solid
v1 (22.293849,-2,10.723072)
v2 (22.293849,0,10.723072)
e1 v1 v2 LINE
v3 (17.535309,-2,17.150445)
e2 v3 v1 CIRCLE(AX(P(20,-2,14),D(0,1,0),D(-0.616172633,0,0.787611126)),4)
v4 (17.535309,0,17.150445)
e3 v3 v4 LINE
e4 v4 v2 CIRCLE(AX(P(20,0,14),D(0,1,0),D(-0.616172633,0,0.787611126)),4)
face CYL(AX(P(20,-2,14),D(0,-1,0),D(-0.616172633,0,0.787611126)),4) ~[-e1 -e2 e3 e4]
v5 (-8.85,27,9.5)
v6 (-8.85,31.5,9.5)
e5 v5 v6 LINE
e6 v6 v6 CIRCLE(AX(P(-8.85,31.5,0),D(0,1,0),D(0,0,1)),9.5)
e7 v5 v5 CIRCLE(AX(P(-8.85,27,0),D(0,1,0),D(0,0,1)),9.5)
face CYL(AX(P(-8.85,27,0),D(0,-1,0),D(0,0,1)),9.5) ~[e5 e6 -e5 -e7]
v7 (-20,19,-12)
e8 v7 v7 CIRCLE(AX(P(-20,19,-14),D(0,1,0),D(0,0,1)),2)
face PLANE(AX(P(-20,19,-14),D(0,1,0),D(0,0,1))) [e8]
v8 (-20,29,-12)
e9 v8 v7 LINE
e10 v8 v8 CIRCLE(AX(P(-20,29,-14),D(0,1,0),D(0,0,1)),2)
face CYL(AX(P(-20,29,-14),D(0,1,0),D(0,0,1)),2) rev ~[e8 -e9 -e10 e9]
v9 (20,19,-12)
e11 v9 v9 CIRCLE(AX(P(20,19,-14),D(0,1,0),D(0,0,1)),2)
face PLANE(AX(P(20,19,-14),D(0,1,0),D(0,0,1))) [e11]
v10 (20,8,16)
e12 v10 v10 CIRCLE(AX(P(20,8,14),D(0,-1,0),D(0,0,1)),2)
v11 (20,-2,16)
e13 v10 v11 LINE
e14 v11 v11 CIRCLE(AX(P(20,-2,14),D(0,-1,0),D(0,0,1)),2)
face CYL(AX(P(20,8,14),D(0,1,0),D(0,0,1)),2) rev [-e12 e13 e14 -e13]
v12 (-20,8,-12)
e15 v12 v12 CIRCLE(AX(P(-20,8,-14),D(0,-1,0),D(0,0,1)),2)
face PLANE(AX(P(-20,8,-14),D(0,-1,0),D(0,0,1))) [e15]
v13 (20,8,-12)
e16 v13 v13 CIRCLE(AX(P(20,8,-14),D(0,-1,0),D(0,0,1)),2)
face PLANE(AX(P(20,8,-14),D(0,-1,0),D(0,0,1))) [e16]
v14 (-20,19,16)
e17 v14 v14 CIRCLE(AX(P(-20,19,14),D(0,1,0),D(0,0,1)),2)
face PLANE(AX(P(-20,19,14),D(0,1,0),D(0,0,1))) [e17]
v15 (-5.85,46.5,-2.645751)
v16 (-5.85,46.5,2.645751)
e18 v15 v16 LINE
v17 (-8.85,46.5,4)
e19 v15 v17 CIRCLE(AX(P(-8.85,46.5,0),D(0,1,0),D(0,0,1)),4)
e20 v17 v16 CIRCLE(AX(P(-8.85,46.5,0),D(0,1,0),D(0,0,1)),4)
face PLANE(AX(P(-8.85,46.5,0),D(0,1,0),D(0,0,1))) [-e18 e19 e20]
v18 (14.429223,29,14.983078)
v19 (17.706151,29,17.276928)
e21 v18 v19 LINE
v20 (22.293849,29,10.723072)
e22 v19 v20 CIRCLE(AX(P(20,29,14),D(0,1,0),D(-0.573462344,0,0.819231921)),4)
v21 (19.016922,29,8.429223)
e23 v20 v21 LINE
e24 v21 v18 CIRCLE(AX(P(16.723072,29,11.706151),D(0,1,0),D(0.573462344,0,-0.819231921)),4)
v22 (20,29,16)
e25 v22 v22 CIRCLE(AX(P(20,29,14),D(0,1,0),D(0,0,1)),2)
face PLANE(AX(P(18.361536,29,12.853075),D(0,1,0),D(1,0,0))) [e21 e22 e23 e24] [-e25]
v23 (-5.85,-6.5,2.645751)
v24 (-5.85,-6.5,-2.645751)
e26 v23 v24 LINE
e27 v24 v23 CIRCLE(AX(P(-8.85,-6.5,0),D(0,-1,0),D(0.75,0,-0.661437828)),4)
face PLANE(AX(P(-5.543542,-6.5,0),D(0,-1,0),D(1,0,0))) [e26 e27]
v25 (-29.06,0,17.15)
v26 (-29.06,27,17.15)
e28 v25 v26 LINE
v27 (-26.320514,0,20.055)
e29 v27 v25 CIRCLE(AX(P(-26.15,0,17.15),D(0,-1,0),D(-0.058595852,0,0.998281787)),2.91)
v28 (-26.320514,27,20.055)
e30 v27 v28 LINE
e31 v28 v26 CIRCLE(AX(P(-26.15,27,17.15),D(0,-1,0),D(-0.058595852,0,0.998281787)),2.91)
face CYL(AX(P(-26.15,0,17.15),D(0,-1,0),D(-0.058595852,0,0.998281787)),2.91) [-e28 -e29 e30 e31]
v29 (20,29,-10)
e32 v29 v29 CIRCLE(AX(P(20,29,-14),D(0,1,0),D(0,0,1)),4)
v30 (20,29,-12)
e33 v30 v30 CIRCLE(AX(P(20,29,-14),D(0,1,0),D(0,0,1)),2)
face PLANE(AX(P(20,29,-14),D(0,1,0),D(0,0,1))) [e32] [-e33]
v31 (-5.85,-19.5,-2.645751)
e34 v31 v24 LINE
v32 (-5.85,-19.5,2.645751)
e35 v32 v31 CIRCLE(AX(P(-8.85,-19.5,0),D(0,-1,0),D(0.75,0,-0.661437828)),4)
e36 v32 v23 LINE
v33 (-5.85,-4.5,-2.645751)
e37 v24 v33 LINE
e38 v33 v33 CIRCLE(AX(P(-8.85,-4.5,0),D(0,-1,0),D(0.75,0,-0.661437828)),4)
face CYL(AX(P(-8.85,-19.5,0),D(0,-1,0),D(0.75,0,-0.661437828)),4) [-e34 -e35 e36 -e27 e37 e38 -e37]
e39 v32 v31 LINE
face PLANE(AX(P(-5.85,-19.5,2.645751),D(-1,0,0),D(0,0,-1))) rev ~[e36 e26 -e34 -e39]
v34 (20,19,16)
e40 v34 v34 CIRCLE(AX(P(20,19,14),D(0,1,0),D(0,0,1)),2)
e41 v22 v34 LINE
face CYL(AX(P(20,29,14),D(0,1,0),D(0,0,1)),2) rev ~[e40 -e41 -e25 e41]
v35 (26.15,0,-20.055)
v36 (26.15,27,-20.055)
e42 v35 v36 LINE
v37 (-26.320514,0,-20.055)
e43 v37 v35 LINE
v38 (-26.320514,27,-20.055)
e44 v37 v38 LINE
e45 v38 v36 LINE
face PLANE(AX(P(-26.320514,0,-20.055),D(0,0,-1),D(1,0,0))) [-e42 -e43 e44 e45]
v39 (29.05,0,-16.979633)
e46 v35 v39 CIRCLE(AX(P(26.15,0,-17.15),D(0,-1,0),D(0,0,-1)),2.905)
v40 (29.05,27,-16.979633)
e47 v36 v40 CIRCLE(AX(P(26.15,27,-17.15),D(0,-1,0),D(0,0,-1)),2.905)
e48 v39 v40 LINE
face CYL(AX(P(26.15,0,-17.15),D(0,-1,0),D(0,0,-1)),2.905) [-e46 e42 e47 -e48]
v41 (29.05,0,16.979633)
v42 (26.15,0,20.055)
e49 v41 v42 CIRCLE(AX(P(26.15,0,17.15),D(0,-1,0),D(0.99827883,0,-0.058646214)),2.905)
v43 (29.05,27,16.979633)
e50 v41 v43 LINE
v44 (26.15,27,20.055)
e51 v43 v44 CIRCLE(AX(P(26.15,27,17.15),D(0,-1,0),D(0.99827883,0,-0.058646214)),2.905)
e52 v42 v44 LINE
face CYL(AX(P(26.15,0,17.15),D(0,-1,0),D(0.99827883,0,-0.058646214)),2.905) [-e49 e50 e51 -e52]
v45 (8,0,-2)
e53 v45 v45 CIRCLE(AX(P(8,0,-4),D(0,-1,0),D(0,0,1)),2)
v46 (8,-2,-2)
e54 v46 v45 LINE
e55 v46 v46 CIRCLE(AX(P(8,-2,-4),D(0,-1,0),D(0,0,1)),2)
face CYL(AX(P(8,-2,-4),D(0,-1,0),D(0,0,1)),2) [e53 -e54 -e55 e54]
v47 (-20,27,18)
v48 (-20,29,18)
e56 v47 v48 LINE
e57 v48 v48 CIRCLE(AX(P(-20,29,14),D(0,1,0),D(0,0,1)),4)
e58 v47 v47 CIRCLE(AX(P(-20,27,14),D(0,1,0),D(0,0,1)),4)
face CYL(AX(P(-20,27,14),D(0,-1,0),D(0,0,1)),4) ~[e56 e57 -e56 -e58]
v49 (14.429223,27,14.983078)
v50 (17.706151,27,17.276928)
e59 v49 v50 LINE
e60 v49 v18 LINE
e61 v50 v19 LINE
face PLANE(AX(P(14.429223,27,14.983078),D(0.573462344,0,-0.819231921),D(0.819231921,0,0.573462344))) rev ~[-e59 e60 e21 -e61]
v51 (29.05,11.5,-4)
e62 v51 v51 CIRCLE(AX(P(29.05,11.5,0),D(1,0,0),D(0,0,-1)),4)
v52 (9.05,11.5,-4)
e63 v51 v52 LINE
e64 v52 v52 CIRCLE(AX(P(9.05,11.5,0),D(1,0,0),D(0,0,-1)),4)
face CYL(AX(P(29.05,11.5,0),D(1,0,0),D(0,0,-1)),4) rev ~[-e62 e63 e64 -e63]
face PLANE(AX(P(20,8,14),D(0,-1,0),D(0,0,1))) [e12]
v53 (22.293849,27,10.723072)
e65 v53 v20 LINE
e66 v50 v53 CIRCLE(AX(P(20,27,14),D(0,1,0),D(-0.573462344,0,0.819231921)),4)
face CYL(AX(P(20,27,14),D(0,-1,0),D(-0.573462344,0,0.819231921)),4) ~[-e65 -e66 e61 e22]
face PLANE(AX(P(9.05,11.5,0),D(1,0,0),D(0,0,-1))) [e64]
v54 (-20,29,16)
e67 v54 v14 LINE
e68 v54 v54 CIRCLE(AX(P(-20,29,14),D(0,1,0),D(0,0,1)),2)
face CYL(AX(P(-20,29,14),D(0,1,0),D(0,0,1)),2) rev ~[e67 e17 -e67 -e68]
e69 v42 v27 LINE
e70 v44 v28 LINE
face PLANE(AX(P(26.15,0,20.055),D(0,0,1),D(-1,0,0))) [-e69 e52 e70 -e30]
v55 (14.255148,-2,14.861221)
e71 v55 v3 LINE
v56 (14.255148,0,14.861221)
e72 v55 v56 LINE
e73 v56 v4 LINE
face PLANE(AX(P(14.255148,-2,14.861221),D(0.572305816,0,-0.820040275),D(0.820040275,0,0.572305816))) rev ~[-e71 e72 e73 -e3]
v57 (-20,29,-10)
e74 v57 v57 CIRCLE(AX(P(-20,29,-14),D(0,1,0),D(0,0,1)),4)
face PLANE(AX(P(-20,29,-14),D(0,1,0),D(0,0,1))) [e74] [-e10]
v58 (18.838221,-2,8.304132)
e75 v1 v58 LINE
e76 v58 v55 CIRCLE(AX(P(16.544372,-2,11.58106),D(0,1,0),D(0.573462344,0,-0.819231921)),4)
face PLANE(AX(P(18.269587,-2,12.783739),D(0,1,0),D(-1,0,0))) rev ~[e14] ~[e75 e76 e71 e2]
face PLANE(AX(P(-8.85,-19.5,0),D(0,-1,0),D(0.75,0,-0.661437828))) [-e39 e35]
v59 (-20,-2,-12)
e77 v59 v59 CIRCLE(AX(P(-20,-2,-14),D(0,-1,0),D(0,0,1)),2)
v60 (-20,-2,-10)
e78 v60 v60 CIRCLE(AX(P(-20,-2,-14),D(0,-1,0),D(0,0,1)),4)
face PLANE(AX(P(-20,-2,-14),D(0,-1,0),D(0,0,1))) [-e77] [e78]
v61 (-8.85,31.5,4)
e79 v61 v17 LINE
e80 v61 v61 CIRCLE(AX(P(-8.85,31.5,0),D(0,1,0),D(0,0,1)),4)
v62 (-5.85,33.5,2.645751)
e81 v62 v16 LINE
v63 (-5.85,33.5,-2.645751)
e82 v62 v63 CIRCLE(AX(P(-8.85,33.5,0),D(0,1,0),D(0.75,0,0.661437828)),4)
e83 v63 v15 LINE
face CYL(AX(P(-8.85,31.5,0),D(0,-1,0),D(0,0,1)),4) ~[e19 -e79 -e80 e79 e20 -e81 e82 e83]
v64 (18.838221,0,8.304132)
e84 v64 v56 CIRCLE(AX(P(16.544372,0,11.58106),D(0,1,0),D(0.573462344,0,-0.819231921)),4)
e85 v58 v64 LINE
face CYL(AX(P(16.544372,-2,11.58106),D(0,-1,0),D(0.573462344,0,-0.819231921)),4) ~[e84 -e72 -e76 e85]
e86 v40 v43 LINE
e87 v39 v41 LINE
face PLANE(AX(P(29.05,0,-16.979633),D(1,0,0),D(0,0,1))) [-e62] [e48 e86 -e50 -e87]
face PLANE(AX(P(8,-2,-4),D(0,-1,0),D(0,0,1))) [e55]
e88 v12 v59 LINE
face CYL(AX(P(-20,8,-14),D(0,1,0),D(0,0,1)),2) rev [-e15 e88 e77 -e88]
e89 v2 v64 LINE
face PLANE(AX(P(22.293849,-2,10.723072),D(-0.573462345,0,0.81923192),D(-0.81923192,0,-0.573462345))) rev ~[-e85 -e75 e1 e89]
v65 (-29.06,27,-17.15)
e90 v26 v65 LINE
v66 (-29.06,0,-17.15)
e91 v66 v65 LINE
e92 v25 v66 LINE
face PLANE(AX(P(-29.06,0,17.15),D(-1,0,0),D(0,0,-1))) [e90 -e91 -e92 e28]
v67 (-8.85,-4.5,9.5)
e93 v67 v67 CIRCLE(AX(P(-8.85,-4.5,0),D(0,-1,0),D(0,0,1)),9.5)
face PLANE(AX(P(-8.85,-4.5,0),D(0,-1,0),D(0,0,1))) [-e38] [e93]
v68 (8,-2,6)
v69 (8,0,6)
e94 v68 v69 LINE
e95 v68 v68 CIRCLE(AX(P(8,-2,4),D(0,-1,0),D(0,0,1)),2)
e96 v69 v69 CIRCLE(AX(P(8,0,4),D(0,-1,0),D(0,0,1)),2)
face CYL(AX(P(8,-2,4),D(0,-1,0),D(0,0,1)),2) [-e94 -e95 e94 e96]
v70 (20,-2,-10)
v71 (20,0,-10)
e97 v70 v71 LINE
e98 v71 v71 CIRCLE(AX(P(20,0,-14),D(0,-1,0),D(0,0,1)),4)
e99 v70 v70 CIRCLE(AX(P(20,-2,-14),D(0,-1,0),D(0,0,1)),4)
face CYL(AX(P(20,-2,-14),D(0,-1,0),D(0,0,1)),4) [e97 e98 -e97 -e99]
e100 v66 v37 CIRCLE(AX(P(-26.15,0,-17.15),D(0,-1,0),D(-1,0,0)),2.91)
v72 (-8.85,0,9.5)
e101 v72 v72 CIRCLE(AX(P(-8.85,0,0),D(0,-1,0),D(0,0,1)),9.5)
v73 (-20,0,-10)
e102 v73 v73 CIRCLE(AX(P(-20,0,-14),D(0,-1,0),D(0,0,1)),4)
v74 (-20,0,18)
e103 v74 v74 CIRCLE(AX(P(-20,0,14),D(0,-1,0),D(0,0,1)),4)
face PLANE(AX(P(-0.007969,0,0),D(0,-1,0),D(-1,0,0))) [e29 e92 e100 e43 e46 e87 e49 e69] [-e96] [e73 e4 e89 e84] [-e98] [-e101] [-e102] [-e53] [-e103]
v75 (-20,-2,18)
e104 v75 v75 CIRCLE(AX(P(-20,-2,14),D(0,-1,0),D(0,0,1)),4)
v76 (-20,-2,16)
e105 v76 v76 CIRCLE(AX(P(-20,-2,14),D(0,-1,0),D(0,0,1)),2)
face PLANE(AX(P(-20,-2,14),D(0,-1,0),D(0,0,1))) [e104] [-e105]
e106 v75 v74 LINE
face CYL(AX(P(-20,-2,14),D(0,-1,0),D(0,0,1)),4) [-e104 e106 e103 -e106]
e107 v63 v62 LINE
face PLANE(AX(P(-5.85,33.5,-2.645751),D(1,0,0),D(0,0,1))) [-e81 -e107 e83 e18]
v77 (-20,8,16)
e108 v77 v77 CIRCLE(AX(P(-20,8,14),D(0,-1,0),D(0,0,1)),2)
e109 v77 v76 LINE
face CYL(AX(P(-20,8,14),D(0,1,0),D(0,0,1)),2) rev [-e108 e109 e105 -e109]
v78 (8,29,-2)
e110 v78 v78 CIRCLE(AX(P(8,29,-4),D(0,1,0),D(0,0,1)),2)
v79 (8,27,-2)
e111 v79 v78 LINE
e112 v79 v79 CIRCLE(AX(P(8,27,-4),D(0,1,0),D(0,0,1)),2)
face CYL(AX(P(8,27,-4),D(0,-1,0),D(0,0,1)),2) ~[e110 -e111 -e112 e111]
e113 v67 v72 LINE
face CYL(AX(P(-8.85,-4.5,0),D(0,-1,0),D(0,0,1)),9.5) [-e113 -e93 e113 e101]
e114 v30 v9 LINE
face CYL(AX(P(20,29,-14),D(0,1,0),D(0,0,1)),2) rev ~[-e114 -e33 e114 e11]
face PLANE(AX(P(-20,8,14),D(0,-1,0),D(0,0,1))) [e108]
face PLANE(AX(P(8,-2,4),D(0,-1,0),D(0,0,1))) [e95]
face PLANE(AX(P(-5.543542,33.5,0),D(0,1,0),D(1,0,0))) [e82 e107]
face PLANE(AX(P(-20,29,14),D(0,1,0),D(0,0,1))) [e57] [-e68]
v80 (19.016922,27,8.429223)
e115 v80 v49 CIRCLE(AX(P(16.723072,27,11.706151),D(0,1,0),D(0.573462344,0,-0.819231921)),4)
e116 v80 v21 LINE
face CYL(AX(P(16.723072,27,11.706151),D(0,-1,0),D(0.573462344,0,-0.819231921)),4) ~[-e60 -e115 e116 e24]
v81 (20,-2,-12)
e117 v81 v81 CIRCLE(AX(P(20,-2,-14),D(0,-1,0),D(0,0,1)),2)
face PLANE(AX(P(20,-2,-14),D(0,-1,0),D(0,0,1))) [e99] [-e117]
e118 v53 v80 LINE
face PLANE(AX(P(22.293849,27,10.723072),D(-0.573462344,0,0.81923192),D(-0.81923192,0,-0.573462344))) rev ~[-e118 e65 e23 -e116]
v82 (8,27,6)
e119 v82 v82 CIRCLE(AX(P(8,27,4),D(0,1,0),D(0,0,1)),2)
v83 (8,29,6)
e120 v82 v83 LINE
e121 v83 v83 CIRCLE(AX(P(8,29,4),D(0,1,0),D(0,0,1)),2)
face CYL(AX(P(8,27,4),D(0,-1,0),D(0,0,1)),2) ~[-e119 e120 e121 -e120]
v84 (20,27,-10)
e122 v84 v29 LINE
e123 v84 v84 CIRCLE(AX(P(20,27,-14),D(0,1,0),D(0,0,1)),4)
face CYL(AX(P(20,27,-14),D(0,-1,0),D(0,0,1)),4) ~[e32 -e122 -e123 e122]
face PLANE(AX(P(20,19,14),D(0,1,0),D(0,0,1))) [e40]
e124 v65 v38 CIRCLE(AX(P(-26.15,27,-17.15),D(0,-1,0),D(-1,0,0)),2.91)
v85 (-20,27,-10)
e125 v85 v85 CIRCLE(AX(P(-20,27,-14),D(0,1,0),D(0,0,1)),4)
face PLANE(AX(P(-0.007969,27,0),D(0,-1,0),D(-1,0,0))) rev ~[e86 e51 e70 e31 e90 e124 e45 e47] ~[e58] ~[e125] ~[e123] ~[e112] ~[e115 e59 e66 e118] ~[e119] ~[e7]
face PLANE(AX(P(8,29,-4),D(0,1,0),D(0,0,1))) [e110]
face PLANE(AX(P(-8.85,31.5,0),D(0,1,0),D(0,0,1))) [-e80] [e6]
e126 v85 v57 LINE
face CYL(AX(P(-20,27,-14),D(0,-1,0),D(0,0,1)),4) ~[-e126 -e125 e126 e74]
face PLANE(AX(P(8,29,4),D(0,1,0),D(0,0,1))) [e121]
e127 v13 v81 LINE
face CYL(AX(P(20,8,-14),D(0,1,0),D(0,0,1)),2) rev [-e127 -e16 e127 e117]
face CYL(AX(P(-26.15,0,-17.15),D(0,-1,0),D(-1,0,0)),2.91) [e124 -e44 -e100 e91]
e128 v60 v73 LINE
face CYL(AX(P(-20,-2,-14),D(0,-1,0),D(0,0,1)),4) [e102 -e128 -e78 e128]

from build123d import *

# Parameters (mm, degrees)
SALIENTE_EXTRUIR1_DEPTH = 27
CROQUIS3_R              = 4
CROQUIS3_R_2            = 2
SALIENTE_EXTRUIR2_DEPTH = 2
CROQUIS6_R              = 2
CORTAR_EXTRUIR2_DEPTH   = 10
SALIENTE_EXTRUIR4_START = 2
CROQUIS9_R              = 4
CROQUIS9_R_2            = 2
SALIENTE_EXTRUIR4_DEPTH = 2
CORTAR_EXTRUIR3_START   = -10
CROQUIS10_R             = 2
CORTAR_EXTRUIR3_DEPTH   = 10
CROQUIS11_R             = 9.5
SALIENTE_EXTRUIR5_DEPTH = 4.5
SALIENTE_EXTRUIR6_START = 4.5
CROQUIS12_R             = 9.5
SALIENTE_EXTRUIR6_DEPTH = 4.5
CROQUIS13_R             = 4
SALIENTE_EXTRUIR7_DEPTH = 15
CORTAR_EXTRUIR6_START   = -13
CORTAR_EXTRUIR6_DEPTH   = 13
SALIENTE_EXTRUIR8_START = 15
CROQUIS16_R             = 4
SALIENTE_EXTRUIR8_DEPTH = 15
CORTAR_EXTRUIR7_DEPTH   = 13
CROQUIS18_R             = 4
CORTAR_EXTRUIR8_DEPTH   = 20


with BuildPart() as part:
    # Croquis2 → Saliente-Extruir1 (new body)
    with BuildSketch(Plane(origin=(0, 0, 0), x_dir=(1, 0, 0), z_dir=(0, 1, 0))):
        with BuildLine():
            Line((-26.320513929, 20.055), (26.15, 20.055))
            ThreePointArc((26.15, 20.055), (28.26352098, 19.143001272), (29.05, 16.97963275))
            Line((29.05, 16.97963275), (29.05, -16.97963275))
            ThreePointArc((29.05, -16.97963275), (28.26352098, -19.143001272), (26.15, -20.055))
            Line((26.15, -20.055), (-26.320513929, -20.055))
            ThreePointArc((-26.320513929, -20.055), (-28.26710835, -19.146484969), (-29.06, -17.15))
            Line((-29.06, -17.15), (-29.06, 17.15))
            ThreePointArc((-29.06, 17.15), (-28.26710835, 19.146484969), (-26.320513929, 20.055))
        make_face()
    extrude(amount=SALIENTE_EXTRUIR1_DEPTH)

    # Croquis3 → Saliente-Extruir2 (add)
    with BuildSketch(Plane(origin=(0, 27, 0), x_dir=(1, 0, 0), z_dir=(0, 1, 0))):
        with BuildLine():
            Line((22.293849377, -10.723072318), (19.016921695, -8.42922294))
            ThreePointArc((19.016921695, -8.42922294), (13.446144636, -9.412301245), (14.42922294, -14.983078305))
            Line((14.42922294, -14.983078305), (17.706150623, -17.276927682))
            ThreePointArc((17.706150623, -17.276927682), (23.276927682, -16.293849377), (22.293849377, -10.723072318))
        make_face()
        with Locations(Location((-20, 14, 0), (0, 0, 270))):
            Circle(CROQUIS3_R)
        with Locations(Location((20, 14, 0), (0, 0, 270))):
            Circle(CROQUIS3_R)
        with Locations(Location((-20, -14, 0), (0, 0, 270))):
            Circle(CROQUIS3_R)
        with Locations(Location((8, 4, 0), (0, 0, 270))):
            Circle(CROQUIS3_R_2)
        with Locations(Location((8, -4, 0), (0, 0, 270))):
            Circle(CROQUIS3_R_2)
    extrude(amount=SALIENTE_EXTRUIR2_DEPTH)

    # Croquis6 → Cortar-Extruir2 (cut)
    with BuildSketch(Plane(origin=(0, 29, 0), x_dir=(1, 0, 0), z_dir=(0, 1, 0))):
        with Locations(Location((-20, 14, 0), (0, 0, 270))):
            Circle(CROQUIS6_R)
        with Locations(Location((20, 14, 0), (0, 0, 270))):
            Circle(CROQUIS6_R)
        with Locations(Location((20, -14, 0), (0, 0, 270))):
            Circle(CROQUIS6_R)
        with Locations(Location((-20, -14, 0), (0, 0, 270))):
            Circle(CROQUIS6_R)
    extrude(amount=-CORTAR_EXTRUIR2_DEPTH, mode=Mode.SUBTRACT)

    # Croquis9 → Saliente-Extruir4 (add)
    with BuildSketch(Plane.XZ.offset(SALIENTE_EXTRUIR4_START)):
        with Locations(Location((-20, 14, 0), (0, 0, 90))):
            Circle(CROQUIS9_R)
        with Locations(Location((-20, -14, 0), (0, 0, 90))):
            Circle(CROQUIS9_R)
        with Locations(Location((8, 4, 0), (0, 0, 90))):
            Circle(CROQUIS9_R_2)
        with Locations(Location((8, -4, 0), (0, 0, 90))):
            Circle(CROQUIS9_R_2)
        with Locations(Location((20, -14, 0), (0, 0, 90))):
            Circle(CROQUIS9_R)
        with BuildLine():
            Line((14.255148366, 14.861221242), (17.535309468, 17.150444505))
            ThreePointArc((17.535309468, 17.150444505), (23.214821143, 16.380110295), (22.293849377, 10.723072318))
            Line((22.293849377, 10.723072318), (18.838221007, 8.304132458))
            ThreePointArc((18.838221007, 8.304132458), (13.265826422, 9.28952325), (14.255148366, 14.861221242))
        make_face()
    extrude(amount=-SALIENTE_EXTRUIR4_DEPTH)

    # Croquis10 → Cortar-Extruir3 (cut)
    with BuildSketch(Plane.XZ.offset(2).offset(CORTAR_EXTRUIR3_START)):
        with Locations(Location((20, -14, 0), (0, 0, 90))):
            Circle(CROQUIS10_R)
        with Locations(Location((20, 14, 0), (0, 0, 90))):
            Circle(CROQUIS10_R)
        with Locations(Location((-20, 14, 0), (0, 0, 90))):
            Circle(CROQUIS10_R)
        with Locations(Location((-20, -14, 0), (0, 0, 90))):
            Circle(CROQUIS10_R)
    extrude(amount=CORTAR_EXTRUIR3_DEPTH, mode=Mode.SUBTRACT)

    # Croquis11 → Saliente-Extruir5 (add)
    with BuildSketch(Plane(origin=(0, 27, 0), x_dir=(1, 0, 0), z_dir=(0, 1, 0))):
        with Locations(Location((-8.85, 0, 0), (0, 0, 270))):
            Circle(CROQUIS11_R)
    extrude(amount=SALIENTE_EXTRUIR5_DEPTH)

    # Croquis12 → Saliente-Extruir6 (add)
    with BuildSketch(Plane.XZ.offset(SALIENTE_EXTRUIR6_START)):
        with Locations(Location((-8.85, 0, 0), (0, 0, 90))):
            Circle(CROQUIS12_R)
    extrude(amount=-SALIENTE_EXTRUIR6_DEPTH)

    # Croquis13 → Saliente-Extruir7 (add)
    with BuildSketch(Plane(origin=(0, 31.5, 0), x_dir=(1, 0, 0), z_dir=(0, 1, 0))):
        with Locations(Location((-8.85, 0, 0), (0, 0, 270))):
            Circle(CROQUIS13_R)
    extrude(amount=SALIENTE_EXTRUIR7_DEPTH)

    # Croquis15 → Cortar-Extruir6 (cut)
    with BuildSketch(Plane(origin=(0, 46.5, 0), x_dir=(1, 0, 0), z_dir=(0, 1, 0)).offset(CORTAR_EXTRUIR6_START)):
        with BuildLine():
            Line((-5.85, 2.645751311), (-5.85, -2.645751311))
            ThreePointArc((-5.85, -2.645751311), (-4.85, 0), (-5.85, 2.645751311))
        make_face()
    extrude(amount=CORTAR_EXTRUIR6_DEPTH, mode=Mode.SUBTRACT)

    # Croquis16 → Saliente-Extruir8 (add)
    with BuildSketch(Plane.XZ.offset(4.5).offset(SALIENTE_EXTRUIR8_START)):
        with Locations(Location((-8.85, 0, 0), (0, 0, 318.590377891))):
            Circle(CROQUIS16_R)
    extrude(amount=-SALIENTE_EXTRUIR8_DEPTH)

    # Croquis17 → Cortar-Extruir7 (cut)
    with BuildSketch(Plane.XZ.offset(19.5)):
        with BuildLine():
            Line((-5.85, 2.645751311), (-5.85, -2.645751311))
            ThreePointArc((-5.85, -2.645751311), (-4.85, 0), (-5.85, 2.645751311))
        make_face()
    extrude(amount=-CORTAR_EXTRUIR7_DEPTH, mode=Mode.SUBTRACT)

    # Croquis18 → Cortar-Extruir8 (cut)
    with BuildSketch(Plane(origin=(29.05, 0, 0), x_dir=(0, 0, -1), z_dir=(1, 0, 0))):
        with Locations((0, 11.5)):
            Circle(CROQUIS18_R)
    extrude(amount=-CORTAR_EXTRUIR8_DEPTH, mode=Mode.SUBTRACT)


solid = part.part
